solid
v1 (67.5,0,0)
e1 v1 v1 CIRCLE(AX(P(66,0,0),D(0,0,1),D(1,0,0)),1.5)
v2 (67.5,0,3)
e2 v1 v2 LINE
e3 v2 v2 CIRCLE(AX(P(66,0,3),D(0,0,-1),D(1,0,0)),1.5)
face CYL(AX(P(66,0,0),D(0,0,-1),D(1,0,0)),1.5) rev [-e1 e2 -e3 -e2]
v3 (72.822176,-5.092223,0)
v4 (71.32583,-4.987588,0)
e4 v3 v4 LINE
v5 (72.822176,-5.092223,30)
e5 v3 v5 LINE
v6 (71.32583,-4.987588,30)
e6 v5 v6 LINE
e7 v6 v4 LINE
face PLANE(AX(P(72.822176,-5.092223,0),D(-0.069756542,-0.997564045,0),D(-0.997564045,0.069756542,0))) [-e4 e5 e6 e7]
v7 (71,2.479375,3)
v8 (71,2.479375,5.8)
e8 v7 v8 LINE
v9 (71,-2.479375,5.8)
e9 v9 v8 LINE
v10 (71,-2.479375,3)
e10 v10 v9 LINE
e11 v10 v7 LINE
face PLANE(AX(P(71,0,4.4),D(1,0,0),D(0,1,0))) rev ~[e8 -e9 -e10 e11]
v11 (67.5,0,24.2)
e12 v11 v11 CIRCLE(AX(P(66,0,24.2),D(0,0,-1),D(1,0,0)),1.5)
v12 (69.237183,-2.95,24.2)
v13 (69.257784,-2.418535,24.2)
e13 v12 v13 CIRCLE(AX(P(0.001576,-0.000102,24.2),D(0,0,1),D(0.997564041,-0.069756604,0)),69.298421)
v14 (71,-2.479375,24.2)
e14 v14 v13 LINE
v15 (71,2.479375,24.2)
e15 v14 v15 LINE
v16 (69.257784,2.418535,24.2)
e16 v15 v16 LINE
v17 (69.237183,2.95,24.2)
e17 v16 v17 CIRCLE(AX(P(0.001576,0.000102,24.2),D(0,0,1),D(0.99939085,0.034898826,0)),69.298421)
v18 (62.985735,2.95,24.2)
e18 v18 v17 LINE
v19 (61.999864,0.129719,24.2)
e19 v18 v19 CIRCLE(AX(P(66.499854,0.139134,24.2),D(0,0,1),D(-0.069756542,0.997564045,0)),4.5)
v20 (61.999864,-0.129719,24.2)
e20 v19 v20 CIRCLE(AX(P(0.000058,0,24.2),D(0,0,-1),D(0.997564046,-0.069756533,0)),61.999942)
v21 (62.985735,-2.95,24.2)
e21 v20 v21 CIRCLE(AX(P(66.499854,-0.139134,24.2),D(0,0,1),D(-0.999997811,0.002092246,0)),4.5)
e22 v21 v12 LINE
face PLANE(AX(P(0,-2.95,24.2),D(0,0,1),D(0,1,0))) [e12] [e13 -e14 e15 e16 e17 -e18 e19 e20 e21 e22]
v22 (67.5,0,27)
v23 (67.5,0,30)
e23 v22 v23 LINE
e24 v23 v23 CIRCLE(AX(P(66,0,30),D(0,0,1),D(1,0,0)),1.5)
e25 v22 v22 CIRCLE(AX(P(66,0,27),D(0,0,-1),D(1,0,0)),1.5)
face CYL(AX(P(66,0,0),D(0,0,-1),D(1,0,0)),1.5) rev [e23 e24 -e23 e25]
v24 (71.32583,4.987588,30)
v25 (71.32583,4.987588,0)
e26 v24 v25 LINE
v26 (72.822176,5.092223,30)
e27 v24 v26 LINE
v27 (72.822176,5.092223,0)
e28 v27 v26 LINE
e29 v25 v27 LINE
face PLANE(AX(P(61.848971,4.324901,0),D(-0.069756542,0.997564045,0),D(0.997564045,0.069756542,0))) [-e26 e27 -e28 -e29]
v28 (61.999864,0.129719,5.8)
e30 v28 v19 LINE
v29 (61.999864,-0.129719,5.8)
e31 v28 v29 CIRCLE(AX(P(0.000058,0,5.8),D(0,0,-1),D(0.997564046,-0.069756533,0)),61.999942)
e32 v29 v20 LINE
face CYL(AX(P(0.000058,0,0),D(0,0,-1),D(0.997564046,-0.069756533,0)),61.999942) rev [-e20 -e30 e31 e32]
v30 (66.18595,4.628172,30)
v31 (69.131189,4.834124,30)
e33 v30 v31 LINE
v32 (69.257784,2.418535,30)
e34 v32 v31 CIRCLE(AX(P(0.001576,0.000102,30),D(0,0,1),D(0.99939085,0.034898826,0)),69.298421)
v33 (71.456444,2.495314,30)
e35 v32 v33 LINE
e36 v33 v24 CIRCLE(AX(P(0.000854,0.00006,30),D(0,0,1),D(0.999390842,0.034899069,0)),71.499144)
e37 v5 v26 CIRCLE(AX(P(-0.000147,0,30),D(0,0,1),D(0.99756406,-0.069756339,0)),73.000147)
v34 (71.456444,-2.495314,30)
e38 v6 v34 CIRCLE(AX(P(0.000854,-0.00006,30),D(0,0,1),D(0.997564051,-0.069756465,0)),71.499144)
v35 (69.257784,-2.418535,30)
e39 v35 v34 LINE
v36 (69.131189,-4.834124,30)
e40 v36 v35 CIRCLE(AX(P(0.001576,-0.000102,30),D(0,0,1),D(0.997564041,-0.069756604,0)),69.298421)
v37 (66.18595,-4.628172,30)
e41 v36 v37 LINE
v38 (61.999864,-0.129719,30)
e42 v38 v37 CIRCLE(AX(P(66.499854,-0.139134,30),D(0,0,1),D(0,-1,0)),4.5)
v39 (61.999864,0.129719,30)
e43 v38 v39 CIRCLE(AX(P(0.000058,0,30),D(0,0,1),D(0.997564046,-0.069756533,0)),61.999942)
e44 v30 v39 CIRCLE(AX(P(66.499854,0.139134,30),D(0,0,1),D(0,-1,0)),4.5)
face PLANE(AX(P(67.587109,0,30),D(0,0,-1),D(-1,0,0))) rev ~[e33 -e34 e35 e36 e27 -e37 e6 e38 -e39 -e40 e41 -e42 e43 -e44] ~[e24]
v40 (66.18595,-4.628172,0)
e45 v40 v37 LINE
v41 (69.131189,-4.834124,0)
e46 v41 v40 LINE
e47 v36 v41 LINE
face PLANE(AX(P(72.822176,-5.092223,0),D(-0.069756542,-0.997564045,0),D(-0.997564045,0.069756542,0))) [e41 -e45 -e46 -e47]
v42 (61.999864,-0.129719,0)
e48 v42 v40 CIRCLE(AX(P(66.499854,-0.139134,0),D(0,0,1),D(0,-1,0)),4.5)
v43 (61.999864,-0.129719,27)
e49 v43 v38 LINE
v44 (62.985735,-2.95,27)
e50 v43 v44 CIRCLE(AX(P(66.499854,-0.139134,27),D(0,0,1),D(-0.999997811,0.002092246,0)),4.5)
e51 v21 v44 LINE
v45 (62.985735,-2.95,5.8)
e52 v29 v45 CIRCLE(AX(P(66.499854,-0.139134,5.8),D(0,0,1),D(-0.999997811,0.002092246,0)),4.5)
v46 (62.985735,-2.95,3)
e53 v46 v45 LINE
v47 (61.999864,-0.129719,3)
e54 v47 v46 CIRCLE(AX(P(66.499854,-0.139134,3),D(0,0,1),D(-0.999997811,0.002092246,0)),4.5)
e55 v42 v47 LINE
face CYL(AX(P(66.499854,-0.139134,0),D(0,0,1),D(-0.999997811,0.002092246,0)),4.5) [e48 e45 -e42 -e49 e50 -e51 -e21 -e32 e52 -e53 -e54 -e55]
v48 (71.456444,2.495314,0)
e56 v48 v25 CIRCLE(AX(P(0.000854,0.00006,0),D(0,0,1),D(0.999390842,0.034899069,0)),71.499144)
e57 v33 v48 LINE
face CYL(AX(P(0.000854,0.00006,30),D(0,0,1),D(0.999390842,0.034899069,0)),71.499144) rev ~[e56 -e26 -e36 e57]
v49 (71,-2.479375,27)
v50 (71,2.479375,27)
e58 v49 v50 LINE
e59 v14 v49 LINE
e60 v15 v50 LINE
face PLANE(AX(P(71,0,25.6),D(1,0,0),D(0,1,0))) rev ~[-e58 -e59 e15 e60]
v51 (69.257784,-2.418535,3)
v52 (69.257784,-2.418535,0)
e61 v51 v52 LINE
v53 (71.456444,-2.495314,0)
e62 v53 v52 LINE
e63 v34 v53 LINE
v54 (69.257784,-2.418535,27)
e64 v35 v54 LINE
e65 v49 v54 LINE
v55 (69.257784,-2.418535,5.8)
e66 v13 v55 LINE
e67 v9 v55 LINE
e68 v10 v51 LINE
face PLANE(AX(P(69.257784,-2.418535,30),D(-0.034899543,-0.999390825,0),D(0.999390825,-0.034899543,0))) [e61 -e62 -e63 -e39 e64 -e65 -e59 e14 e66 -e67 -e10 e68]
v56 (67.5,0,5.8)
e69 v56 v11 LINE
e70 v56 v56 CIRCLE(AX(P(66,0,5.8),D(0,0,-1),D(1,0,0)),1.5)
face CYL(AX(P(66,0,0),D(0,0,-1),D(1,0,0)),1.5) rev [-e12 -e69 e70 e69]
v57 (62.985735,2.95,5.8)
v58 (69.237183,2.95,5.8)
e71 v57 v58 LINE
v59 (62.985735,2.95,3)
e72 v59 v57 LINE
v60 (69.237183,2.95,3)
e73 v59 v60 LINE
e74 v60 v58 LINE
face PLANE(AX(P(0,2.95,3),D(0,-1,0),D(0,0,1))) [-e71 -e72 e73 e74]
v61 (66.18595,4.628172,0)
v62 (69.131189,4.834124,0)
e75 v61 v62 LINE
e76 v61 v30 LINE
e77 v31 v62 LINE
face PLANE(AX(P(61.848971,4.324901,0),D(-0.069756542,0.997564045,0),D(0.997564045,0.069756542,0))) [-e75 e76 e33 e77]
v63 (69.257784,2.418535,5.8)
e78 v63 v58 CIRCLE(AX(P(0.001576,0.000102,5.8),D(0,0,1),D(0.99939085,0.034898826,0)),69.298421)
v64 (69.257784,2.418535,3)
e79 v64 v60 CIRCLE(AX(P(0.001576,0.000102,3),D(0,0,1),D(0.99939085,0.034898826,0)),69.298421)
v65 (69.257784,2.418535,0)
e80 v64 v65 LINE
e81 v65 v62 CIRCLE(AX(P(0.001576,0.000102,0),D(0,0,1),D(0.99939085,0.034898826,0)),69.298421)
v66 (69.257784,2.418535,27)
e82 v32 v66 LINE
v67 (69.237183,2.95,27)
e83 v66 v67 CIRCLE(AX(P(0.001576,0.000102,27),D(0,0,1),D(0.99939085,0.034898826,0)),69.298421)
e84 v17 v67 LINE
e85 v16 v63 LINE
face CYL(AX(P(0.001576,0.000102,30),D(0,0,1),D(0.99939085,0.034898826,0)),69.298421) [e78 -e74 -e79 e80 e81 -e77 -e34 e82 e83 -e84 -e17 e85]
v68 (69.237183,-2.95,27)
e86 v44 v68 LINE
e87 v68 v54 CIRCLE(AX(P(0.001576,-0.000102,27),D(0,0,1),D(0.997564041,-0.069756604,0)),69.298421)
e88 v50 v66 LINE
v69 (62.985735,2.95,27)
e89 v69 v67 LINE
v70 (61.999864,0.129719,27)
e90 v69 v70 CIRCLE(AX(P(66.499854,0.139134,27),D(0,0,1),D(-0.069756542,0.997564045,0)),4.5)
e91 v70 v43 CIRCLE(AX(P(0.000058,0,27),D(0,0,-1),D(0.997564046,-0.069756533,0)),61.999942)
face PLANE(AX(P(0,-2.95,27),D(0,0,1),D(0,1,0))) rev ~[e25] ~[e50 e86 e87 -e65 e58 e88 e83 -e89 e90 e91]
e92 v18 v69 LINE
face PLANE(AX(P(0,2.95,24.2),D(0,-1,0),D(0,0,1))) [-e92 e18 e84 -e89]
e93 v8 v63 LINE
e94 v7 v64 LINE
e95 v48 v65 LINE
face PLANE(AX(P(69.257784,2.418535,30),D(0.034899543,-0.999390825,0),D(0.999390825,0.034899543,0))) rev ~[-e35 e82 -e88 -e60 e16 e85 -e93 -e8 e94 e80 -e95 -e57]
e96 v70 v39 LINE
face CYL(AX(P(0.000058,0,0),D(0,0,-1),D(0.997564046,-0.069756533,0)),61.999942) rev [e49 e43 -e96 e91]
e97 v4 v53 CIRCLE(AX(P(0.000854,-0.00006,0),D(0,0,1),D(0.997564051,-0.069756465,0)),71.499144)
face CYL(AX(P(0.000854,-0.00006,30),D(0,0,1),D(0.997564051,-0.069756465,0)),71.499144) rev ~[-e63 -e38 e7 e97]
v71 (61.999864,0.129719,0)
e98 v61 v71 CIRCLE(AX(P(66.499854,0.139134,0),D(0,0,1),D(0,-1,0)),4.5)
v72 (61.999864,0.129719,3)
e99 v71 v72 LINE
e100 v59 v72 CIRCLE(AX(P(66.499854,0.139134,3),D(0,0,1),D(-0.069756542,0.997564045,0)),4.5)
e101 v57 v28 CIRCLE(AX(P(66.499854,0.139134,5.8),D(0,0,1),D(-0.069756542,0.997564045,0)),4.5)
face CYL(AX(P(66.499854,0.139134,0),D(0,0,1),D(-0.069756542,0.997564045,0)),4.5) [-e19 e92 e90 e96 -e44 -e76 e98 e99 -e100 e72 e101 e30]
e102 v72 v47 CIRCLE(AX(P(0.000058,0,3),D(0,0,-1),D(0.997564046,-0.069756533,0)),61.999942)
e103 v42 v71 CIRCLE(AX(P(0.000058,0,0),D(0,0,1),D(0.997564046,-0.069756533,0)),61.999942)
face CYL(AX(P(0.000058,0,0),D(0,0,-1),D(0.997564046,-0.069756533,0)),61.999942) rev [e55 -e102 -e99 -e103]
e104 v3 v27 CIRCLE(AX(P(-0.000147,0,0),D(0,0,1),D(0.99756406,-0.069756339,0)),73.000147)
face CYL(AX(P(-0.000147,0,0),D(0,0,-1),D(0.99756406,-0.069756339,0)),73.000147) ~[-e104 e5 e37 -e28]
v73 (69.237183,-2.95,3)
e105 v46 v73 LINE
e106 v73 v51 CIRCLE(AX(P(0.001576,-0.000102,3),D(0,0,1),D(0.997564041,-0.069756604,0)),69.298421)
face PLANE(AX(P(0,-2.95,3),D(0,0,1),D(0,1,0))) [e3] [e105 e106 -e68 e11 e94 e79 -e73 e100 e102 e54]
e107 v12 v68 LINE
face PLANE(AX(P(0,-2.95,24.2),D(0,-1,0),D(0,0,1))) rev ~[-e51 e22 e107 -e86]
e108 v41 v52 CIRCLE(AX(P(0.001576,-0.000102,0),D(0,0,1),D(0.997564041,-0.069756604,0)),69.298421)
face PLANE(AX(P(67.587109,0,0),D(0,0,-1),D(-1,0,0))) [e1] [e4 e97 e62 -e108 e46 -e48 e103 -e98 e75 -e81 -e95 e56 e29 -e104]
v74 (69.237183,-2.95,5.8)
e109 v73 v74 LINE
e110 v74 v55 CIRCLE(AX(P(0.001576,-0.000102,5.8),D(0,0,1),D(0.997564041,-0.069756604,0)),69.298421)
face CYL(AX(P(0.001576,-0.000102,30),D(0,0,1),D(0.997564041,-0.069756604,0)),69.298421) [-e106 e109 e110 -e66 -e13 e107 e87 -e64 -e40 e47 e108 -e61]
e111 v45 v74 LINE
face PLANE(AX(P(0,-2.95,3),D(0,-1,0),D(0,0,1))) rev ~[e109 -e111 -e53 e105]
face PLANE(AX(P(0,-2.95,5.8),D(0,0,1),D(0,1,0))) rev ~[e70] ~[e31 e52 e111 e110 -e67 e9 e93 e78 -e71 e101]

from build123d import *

# Parameters (mm, degrees)
SKETCH_R        = 1.5
PAD_DEPTH       = 30
POCKET_DEPTH    = 30.001
FILLET_R        = 4.5
SKETCH002_W     = 5.9
SKETCH002_H     = 2.8
POCKET001_DEPTH = 71


with BuildPart() as part:
    # Sketch → Pad (new body)
    with BuildSketch(Plane.XY):
        with BuildLine():
            Line((61.848971, 4.324901), (72.822176, 5.092223))
            ThreePointArc((72.822176, -5.092223), (73, 0), (72.822176, 5.092223))
            Line((72.822176, -5.092223), (61.848971, -4.324901))
            ThreePointArc((61.848971, -4.324901), (62, 0), (61.848971, 4.324901))
        make_face()
        with Locations((66, 0)):
            Circle(SKETCH_R, mode=Mode.SUBTRACT)
    extrude(amount=PAD_DEPTH)

    # Sketch001 (on Face7 of Pad) → Pocket (cut, through all)
    with BuildSketch(Plane.XY.offset(30)):
        with BuildLine():
            ThreePointArc((71.32583, -4.987588), (71.402012, -3.742021), (71.456444, -2.495314))
            Line((69.257784, -2.418535), (71.456444, -2.495314))
            ThreePointArc((69.131189, -4.834124), (69.205027, -3.626882), (69.257784, -2.418535))
            Line((69.131189, -4.834124), (71.32583, -4.987588))
        make_face()
        with BuildLine():
            Line((69.257784, 2.418535), (71.456444, 2.495314))
            ThreePointArc((71.456444, 2.495314), (71.402012, 3.742021), (71.32583, 4.987588))
            Line((69.131189, 4.834124), (71.32583, 4.987588))
            ThreePointArc((69.257784, 2.418535), (69.205027, 3.626882), (69.131189, 4.834124))
        make_face()
    extrude(amount=-POCKET_DEPTH, mode=Mode.SUBTRACT)

    # Fillet
    fillet_edges = [part.edges().sort_by_distance(p)[0] for p in [
        (61.848971, 4.324901, 15),
        (61.848971, -4.324901, 15),
    ]]
    fillet(fillet_edges, radius=FILLET_R)

    # Sketch002 → Pocket001 (cut)
    with BuildSketch(Plane.YZ):
        with Locations((0, 25.6)):
            Rectangle(SKETCH002_W, SKETCH002_H)
        with Locations((0, 4.4)):
            Rectangle(SKETCH002_W, SKETCH002_H)
    extrude(amount=POCKET001_DEPTH, mode=Mode.SUBTRACT)


solid = part.part
